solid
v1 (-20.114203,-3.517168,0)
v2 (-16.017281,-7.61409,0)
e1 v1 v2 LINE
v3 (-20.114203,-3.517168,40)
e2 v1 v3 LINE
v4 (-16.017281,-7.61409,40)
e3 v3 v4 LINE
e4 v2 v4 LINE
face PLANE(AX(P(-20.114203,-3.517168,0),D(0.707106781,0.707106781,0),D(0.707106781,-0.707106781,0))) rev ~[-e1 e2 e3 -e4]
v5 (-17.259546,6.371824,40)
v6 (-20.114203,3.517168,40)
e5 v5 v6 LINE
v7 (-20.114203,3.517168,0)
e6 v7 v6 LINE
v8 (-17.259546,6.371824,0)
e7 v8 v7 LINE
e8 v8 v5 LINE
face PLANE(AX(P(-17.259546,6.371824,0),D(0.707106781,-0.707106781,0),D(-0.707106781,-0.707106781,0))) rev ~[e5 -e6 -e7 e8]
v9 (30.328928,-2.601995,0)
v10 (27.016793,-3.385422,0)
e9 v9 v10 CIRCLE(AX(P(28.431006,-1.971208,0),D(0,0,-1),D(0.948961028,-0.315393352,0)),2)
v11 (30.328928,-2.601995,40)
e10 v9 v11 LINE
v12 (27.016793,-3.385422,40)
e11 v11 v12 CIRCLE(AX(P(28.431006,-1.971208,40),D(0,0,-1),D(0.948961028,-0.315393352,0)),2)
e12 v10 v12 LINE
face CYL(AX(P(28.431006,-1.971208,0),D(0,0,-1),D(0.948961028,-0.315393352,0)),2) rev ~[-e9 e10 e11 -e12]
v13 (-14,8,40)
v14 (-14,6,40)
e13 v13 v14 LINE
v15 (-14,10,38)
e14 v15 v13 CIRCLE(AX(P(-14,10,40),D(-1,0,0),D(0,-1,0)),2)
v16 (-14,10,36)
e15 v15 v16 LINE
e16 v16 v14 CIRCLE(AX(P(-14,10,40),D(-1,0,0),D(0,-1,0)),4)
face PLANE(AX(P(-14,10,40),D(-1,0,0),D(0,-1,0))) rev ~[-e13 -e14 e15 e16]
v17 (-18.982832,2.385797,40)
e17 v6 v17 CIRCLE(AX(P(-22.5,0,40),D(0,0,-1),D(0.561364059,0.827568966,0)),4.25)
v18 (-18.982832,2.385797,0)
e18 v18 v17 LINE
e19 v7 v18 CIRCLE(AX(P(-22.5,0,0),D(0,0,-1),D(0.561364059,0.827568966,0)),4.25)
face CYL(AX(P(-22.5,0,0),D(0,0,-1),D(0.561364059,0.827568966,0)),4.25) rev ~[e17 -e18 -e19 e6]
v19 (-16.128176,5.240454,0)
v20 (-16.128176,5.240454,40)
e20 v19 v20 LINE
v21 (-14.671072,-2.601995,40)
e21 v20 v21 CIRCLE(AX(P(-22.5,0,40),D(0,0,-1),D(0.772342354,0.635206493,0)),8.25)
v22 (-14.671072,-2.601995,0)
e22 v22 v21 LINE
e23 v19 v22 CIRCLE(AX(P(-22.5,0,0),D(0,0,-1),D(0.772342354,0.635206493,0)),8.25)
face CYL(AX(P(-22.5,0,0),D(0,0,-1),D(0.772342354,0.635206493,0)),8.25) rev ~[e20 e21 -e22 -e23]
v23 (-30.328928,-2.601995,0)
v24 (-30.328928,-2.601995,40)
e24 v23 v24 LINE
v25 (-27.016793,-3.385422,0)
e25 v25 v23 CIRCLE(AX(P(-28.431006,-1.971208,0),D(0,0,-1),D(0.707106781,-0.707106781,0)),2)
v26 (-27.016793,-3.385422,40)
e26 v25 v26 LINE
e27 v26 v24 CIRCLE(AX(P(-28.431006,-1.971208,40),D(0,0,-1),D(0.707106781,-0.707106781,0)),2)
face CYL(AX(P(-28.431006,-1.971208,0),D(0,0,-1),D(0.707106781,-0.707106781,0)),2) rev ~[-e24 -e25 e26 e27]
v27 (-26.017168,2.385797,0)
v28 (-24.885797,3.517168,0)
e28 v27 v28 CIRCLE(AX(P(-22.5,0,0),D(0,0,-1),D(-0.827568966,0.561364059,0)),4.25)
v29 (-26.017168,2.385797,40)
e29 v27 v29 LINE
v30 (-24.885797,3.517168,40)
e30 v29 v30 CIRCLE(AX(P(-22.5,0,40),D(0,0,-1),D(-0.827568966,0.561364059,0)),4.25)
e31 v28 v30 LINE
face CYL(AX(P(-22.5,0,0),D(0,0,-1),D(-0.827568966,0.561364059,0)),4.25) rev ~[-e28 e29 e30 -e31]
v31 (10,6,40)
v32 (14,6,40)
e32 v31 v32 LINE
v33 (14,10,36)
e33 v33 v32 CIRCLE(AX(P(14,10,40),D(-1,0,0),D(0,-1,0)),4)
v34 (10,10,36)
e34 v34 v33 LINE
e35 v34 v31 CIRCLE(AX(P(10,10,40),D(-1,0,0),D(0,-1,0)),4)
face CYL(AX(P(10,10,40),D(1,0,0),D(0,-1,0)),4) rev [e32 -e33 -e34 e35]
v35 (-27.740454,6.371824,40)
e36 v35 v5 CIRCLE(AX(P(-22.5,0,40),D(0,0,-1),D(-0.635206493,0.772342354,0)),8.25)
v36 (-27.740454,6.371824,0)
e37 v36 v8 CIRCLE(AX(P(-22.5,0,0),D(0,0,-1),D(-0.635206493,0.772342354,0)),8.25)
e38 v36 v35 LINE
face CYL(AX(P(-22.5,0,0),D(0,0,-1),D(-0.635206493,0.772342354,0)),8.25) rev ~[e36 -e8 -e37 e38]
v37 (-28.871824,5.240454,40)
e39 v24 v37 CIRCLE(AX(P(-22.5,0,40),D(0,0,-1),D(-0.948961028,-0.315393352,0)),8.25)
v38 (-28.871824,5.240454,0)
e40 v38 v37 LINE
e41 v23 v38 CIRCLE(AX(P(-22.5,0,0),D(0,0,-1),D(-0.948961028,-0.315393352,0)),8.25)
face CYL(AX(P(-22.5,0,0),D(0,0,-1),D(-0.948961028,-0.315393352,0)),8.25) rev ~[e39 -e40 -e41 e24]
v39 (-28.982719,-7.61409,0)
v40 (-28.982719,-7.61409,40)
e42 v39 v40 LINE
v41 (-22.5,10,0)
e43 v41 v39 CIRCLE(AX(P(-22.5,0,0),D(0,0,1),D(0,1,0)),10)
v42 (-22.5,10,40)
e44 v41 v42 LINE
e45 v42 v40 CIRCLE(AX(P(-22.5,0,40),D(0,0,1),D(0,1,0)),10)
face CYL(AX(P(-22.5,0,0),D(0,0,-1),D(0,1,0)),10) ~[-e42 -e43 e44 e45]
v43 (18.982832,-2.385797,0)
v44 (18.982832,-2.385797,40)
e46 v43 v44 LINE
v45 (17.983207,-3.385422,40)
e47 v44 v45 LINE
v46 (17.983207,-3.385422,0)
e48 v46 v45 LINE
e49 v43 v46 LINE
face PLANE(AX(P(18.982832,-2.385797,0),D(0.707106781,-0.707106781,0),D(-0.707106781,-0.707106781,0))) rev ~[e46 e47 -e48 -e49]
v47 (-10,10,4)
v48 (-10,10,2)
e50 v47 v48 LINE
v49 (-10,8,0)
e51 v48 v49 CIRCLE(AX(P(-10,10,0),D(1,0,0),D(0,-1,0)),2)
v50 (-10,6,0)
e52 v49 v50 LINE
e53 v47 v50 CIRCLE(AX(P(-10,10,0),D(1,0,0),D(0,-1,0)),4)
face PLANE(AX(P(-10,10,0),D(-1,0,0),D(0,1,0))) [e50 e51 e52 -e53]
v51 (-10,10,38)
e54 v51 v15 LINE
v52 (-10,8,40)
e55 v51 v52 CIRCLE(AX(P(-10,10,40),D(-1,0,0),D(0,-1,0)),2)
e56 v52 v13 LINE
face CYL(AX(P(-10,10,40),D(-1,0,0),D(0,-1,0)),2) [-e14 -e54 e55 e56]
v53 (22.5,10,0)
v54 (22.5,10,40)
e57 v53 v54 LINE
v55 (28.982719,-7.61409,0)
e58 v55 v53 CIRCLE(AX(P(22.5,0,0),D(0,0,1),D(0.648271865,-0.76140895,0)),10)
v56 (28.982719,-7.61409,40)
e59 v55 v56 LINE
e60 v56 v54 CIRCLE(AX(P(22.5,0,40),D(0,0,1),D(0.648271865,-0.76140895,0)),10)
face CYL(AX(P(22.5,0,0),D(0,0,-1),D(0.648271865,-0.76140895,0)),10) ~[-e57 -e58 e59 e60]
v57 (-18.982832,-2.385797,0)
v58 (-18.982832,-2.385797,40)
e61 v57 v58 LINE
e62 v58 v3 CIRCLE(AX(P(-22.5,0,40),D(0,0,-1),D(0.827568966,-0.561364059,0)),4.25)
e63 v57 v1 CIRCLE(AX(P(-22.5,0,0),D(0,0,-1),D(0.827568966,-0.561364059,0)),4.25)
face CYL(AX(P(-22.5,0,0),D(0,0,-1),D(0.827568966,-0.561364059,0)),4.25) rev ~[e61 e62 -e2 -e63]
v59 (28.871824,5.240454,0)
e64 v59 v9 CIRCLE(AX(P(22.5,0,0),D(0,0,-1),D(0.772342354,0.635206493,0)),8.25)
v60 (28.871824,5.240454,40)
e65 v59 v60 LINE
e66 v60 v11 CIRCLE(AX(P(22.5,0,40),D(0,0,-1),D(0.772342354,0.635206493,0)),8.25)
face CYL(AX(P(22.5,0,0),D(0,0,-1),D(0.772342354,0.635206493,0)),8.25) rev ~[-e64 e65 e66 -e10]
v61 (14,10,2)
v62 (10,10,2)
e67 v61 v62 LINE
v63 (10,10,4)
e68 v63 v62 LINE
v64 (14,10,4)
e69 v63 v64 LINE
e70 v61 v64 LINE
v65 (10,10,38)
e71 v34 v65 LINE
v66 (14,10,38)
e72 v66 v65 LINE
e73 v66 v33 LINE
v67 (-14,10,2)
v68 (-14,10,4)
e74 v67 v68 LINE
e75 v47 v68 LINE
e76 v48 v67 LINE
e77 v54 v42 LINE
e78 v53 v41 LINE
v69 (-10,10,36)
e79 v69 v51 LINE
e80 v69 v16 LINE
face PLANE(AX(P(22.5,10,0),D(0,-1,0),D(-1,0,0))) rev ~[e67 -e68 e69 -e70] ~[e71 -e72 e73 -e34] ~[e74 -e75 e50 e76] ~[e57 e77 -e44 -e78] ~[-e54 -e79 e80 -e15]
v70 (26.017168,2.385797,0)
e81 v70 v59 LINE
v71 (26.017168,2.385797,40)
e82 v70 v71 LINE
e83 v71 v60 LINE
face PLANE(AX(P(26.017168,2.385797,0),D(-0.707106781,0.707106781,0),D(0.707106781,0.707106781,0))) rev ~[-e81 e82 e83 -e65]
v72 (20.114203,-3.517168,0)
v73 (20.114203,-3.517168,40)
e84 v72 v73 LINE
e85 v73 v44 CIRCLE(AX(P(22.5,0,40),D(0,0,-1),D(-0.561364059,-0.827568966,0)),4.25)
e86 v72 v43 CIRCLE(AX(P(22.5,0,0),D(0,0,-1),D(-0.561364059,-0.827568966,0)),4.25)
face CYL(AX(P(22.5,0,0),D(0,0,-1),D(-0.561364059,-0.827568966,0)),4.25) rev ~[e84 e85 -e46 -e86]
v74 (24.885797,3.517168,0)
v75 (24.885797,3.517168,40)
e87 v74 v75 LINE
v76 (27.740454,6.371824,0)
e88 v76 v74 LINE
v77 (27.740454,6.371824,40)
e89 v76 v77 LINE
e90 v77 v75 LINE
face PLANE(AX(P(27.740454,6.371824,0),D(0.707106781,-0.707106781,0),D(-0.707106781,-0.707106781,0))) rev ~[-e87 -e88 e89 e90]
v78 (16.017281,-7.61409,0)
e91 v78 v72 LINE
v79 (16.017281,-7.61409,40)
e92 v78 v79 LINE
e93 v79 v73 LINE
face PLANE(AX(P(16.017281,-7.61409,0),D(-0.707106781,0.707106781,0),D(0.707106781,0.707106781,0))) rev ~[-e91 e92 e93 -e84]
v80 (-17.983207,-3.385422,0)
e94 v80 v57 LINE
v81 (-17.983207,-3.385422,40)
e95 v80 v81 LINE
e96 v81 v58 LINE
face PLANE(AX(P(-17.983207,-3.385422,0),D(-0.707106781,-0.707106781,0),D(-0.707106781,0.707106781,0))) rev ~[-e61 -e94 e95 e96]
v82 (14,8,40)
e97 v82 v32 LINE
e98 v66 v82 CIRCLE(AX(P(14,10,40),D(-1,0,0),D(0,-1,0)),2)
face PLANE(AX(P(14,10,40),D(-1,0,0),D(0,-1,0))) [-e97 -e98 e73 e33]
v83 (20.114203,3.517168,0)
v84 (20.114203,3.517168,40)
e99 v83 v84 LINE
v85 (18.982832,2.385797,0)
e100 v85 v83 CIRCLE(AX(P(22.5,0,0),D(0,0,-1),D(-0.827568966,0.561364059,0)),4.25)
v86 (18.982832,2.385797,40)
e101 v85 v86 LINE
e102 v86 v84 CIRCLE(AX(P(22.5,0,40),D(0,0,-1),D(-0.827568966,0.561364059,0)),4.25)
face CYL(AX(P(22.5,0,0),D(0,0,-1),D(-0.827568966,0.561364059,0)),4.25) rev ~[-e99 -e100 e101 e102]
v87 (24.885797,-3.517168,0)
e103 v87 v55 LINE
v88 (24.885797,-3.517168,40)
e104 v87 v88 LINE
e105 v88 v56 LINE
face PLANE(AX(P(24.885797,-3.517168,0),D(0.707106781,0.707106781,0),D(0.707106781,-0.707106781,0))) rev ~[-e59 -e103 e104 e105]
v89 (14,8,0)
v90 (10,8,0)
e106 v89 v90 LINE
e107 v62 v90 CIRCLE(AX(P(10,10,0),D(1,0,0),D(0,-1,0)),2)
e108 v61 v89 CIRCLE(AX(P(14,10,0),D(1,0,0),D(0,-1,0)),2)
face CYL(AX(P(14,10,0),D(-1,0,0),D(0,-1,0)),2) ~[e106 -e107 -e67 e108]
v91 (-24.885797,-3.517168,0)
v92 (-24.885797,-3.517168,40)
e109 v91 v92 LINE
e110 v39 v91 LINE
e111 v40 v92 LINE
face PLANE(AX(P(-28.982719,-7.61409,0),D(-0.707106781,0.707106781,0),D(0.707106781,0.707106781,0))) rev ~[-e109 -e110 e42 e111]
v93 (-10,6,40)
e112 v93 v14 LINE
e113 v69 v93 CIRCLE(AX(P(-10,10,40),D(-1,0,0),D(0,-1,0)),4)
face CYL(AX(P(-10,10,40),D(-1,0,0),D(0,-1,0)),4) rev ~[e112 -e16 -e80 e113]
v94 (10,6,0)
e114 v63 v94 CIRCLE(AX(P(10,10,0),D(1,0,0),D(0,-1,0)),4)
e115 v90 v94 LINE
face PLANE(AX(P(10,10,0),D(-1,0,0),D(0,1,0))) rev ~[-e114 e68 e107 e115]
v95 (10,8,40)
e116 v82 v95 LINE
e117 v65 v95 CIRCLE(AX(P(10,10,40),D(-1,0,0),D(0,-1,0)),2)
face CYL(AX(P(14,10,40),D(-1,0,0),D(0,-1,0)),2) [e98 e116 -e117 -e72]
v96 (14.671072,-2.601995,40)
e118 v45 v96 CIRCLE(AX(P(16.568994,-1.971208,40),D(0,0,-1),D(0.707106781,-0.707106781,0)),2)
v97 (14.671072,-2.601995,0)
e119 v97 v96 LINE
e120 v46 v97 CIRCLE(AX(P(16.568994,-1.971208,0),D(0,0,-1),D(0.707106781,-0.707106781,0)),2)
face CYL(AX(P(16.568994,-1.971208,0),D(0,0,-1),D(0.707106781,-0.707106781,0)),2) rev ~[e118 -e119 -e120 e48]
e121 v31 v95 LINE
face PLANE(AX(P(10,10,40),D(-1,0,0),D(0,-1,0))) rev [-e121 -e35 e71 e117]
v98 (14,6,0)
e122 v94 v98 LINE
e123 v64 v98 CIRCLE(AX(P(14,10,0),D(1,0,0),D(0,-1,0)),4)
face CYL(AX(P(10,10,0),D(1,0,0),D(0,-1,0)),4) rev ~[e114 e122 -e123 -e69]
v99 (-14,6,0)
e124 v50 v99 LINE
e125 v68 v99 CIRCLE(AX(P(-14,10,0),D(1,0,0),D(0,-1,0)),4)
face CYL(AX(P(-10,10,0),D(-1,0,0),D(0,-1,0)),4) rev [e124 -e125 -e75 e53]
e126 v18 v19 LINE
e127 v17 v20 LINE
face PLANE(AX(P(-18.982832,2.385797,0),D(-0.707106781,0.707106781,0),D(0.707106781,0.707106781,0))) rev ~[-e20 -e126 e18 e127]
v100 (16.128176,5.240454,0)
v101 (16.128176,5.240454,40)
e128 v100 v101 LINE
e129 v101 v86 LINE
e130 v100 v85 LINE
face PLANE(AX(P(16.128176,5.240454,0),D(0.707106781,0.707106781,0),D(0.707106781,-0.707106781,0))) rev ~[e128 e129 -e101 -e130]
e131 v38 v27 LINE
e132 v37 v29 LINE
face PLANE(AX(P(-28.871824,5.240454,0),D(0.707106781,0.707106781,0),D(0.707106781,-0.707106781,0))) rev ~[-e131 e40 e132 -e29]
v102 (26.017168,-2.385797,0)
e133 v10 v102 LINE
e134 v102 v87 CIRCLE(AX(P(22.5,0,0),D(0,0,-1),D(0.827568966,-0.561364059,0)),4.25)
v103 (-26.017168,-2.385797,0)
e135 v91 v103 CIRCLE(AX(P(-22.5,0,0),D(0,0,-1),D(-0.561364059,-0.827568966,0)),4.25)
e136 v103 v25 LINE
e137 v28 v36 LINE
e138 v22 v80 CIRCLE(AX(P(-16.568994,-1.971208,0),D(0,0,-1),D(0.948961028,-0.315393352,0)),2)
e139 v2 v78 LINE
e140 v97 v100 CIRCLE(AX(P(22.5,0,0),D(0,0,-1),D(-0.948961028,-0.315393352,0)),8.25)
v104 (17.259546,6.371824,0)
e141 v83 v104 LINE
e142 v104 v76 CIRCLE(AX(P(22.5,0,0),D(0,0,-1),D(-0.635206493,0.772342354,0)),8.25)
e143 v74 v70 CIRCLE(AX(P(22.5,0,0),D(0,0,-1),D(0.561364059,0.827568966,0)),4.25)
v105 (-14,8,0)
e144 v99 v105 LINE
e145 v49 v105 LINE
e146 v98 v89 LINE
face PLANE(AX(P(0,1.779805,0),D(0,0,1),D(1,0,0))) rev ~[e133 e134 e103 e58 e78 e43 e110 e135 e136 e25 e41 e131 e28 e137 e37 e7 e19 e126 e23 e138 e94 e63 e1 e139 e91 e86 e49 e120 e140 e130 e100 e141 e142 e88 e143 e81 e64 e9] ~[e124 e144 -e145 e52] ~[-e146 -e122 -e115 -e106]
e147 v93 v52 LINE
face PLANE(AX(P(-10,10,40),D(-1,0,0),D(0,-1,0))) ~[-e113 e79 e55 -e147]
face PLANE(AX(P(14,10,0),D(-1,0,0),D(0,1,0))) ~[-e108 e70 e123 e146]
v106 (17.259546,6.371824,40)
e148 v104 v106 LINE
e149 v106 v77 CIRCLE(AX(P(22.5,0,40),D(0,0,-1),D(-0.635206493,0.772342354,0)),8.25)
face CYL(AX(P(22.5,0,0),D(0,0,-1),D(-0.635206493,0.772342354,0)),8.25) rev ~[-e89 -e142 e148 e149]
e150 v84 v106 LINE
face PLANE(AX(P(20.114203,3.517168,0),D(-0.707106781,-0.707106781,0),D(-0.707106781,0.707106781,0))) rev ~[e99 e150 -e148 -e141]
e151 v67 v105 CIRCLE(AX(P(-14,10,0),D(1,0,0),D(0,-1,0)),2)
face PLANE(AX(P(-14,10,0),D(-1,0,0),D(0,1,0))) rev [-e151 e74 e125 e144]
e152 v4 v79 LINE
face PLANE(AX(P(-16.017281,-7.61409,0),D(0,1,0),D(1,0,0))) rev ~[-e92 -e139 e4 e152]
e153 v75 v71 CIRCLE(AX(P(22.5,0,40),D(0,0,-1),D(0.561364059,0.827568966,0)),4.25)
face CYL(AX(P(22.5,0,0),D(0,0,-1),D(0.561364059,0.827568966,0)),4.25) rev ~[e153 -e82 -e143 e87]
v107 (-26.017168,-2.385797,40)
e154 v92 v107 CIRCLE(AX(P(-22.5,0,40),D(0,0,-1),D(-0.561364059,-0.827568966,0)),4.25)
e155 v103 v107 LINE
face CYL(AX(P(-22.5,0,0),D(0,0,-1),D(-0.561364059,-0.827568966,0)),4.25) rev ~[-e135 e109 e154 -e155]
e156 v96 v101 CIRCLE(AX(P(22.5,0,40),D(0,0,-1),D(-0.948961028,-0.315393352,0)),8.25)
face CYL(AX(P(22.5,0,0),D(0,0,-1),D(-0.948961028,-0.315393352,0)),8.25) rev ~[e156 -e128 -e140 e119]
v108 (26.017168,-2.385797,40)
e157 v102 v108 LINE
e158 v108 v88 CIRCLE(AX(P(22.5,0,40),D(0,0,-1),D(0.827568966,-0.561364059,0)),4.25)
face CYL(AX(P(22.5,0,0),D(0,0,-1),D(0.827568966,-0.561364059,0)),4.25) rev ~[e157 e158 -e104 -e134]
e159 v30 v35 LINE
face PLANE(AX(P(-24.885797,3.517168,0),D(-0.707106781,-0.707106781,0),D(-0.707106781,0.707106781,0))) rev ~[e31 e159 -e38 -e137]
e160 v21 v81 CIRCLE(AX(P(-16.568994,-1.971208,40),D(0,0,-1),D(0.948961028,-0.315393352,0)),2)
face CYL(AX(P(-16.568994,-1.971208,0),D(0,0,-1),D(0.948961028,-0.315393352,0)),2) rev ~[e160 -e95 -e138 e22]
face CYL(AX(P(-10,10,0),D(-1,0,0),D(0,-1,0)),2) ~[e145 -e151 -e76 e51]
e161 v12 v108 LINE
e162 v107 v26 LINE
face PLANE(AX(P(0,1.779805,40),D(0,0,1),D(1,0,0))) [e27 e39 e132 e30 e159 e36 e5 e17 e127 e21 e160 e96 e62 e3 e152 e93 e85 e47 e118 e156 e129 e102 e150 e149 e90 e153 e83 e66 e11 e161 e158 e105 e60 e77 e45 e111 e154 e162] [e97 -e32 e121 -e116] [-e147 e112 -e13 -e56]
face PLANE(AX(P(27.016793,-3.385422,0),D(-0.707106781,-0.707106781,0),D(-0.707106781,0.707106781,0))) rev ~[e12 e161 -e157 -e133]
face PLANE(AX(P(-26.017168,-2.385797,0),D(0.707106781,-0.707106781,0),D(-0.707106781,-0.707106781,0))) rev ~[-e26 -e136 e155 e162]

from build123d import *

# Parameters (mm, degrees)
BOSS_EXTRUDE1_DEPTH = 40


with BuildPart() as part:
    # Sketch1 → Boss-Extrude1 (new body)
    with BuildSketch(Plane.XY):
        with BuildLine():
            Line((-18.982831897, 2.385797253), (-16.128175583, 5.240453568))
            ThreePointArc((-16.128175583, 5.240453568), (-14.388813512, 1.507034758), (-14.671071516, -2.601995157))
            ThreePointArc((-14.671071516, -2.601995157), (-16.108631881, -3.917504194), (-17.983207135, -3.385422015))
            Line((-17.983207135, -3.385422015), (-18.982831897, -2.385797253))
            ThreePointArc((-18.982831897, -2.385797253), (-19.49479618, -3.00520382), (-20.114202747, -3.517168103))
            Line((-20.114202747, -3.517168103), (-16.01728135, -7.6140895))
            Line((-16.01728135, -7.6140895), (16.01728135, -7.6140895))
            Line((16.01728135, -7.6140895), (20.114202747, -3.517168103))
            ThreePointArc((20.114202747, -3.517168103), (19.49479618, -3.00520382), (18.982831897, -2.385797253))
            Line((18.982831897, -2.385797253), (17.983207135, -3.385422015))
            ThreePointArc((17.983207135, -3.385422015), (16.108631881, -3.917504194), (14.671071516, -2.601995157))
            ThreePointArc((14.671071516, -2.601995157), (14.388813512, 1.507034758), (16.128175583, 5.240453568))
            Line((16.128175583, 5.240453568), (18.982831897, 2.385797253))
            ThreePointArc((18.982831897, 2.385797253), (19.49479618, 3.00520382), (20.114202747, 3.517168103))
            Line((20.114202747, 3.517168103), (17.259546432, 6.371824417))
            ThreePointArc((17.259546432, 6.371824417), (22.5, 8.25), (27.740453568, 6.371824417))
            Line((27.740453568, 6.371824417), (24.885797253, 3.517168103))
            ThreePointArc((24.885797253, 3.517168103), (25.50520382, 3.00520382), (26.017168103, 2.385797253))
            Line((26.017168103, 2.385797253), (28.871824417, 5.240453568))
            ThreePointArc((28.871824417, 5.240453568), (30.611186488, 1.507034758), (30.328928484, -2.601995157))
            ThreePointArc((30.328928484, -2.601995157), (28.891368119, -3.917504194), (27.016792865, -3.385422015))
            Line((27.016792865, -3.385422015), (26.017168103, -2.385797253))
            ThreePointArc((26.017168103, -2.385797253), (25.50520382, -3.00520382), (24.885797253, -3.517168103))
            Line((24.885797253, -3.517168103), (28.98271865, -7.6140895))
            ThreePointArc((28.98271865, -7.6140895), (31.884585633, 3.453918427), (22.5, 10))
            Line((22.5, 10), (-22.5, 10))
            ThreePointArc((-22.5, 10), (-31.884585633, 3.453918427), (-28.98271865, -7.6140895))
            Line((-28.98271865, -7.6140895), (-24.885797253, -3.517168103))
            ThreePointArc((-24.885797253, -3.517168103), (-25.50520382, -3.00520382), (-26.017168103, -2.385797253))
            Line((-26.017168103, -2.385797253), (-27.016792865, -3.385422015))
            ThreePointArc((-27.016792865, -3.385422015), (-28.891368119, -3.917504194), (-30.328928484, -2.601995157))
            ThreePointArc((-30.328928484, -2.601995157), (-30.611186488, 1.507034758), (-28.871824417, 5.240453568))
            Line((-28.871824417, 5.240453568), (-26.017168103, 2.385797253))
            ThreePointArc((-26.017168103, 2.385797253), (-25.50520382, 3.00520382), (-24.885797253, 3.517168103))
            Line((-24.885797253, 3.517168103), (-27.740453568, 6.371824417))
            ThreePointArc((-27.740453568, 6.371824417), (-22.5, 8.25), (-17.259546432, 6.371824417))
            Line((-17.259546432, 6.371824417), (-20.114202747, 3.517168103))
            ThreePointArc((-20.114202747, 3.517168103), (-19.49479618, 3.00520382), (-18.982831897, 2.385797253))
        make_face()
    extrude(amount=BOSS_EXTRUDE1_DEPTH)

    # Sketch3 → Cut-Revolve1 (revolve, cut)
    with BuildSketch(Plane.XY.offset(40)):
        Polygon((12, 8), (10, 8), (10, 6), (14, 6), (14, 8), align=None)
        Polygon((-14, 8), (-12, 8), (-10, 8), (-10, 6), (-14, 6), align=None)
    cut_revolve1 = revolve(axis=Axis((-22.5, 10, 40), (-1, 0, 0)), mode=Mode.SUBTRACT)

    # Mirror1: Cut-Revolve1 across plane
    add(cut_revolve1.mirror(Plane.XY.offset(20)), mode=Mode.SUBTRACT)


solid = part.part
